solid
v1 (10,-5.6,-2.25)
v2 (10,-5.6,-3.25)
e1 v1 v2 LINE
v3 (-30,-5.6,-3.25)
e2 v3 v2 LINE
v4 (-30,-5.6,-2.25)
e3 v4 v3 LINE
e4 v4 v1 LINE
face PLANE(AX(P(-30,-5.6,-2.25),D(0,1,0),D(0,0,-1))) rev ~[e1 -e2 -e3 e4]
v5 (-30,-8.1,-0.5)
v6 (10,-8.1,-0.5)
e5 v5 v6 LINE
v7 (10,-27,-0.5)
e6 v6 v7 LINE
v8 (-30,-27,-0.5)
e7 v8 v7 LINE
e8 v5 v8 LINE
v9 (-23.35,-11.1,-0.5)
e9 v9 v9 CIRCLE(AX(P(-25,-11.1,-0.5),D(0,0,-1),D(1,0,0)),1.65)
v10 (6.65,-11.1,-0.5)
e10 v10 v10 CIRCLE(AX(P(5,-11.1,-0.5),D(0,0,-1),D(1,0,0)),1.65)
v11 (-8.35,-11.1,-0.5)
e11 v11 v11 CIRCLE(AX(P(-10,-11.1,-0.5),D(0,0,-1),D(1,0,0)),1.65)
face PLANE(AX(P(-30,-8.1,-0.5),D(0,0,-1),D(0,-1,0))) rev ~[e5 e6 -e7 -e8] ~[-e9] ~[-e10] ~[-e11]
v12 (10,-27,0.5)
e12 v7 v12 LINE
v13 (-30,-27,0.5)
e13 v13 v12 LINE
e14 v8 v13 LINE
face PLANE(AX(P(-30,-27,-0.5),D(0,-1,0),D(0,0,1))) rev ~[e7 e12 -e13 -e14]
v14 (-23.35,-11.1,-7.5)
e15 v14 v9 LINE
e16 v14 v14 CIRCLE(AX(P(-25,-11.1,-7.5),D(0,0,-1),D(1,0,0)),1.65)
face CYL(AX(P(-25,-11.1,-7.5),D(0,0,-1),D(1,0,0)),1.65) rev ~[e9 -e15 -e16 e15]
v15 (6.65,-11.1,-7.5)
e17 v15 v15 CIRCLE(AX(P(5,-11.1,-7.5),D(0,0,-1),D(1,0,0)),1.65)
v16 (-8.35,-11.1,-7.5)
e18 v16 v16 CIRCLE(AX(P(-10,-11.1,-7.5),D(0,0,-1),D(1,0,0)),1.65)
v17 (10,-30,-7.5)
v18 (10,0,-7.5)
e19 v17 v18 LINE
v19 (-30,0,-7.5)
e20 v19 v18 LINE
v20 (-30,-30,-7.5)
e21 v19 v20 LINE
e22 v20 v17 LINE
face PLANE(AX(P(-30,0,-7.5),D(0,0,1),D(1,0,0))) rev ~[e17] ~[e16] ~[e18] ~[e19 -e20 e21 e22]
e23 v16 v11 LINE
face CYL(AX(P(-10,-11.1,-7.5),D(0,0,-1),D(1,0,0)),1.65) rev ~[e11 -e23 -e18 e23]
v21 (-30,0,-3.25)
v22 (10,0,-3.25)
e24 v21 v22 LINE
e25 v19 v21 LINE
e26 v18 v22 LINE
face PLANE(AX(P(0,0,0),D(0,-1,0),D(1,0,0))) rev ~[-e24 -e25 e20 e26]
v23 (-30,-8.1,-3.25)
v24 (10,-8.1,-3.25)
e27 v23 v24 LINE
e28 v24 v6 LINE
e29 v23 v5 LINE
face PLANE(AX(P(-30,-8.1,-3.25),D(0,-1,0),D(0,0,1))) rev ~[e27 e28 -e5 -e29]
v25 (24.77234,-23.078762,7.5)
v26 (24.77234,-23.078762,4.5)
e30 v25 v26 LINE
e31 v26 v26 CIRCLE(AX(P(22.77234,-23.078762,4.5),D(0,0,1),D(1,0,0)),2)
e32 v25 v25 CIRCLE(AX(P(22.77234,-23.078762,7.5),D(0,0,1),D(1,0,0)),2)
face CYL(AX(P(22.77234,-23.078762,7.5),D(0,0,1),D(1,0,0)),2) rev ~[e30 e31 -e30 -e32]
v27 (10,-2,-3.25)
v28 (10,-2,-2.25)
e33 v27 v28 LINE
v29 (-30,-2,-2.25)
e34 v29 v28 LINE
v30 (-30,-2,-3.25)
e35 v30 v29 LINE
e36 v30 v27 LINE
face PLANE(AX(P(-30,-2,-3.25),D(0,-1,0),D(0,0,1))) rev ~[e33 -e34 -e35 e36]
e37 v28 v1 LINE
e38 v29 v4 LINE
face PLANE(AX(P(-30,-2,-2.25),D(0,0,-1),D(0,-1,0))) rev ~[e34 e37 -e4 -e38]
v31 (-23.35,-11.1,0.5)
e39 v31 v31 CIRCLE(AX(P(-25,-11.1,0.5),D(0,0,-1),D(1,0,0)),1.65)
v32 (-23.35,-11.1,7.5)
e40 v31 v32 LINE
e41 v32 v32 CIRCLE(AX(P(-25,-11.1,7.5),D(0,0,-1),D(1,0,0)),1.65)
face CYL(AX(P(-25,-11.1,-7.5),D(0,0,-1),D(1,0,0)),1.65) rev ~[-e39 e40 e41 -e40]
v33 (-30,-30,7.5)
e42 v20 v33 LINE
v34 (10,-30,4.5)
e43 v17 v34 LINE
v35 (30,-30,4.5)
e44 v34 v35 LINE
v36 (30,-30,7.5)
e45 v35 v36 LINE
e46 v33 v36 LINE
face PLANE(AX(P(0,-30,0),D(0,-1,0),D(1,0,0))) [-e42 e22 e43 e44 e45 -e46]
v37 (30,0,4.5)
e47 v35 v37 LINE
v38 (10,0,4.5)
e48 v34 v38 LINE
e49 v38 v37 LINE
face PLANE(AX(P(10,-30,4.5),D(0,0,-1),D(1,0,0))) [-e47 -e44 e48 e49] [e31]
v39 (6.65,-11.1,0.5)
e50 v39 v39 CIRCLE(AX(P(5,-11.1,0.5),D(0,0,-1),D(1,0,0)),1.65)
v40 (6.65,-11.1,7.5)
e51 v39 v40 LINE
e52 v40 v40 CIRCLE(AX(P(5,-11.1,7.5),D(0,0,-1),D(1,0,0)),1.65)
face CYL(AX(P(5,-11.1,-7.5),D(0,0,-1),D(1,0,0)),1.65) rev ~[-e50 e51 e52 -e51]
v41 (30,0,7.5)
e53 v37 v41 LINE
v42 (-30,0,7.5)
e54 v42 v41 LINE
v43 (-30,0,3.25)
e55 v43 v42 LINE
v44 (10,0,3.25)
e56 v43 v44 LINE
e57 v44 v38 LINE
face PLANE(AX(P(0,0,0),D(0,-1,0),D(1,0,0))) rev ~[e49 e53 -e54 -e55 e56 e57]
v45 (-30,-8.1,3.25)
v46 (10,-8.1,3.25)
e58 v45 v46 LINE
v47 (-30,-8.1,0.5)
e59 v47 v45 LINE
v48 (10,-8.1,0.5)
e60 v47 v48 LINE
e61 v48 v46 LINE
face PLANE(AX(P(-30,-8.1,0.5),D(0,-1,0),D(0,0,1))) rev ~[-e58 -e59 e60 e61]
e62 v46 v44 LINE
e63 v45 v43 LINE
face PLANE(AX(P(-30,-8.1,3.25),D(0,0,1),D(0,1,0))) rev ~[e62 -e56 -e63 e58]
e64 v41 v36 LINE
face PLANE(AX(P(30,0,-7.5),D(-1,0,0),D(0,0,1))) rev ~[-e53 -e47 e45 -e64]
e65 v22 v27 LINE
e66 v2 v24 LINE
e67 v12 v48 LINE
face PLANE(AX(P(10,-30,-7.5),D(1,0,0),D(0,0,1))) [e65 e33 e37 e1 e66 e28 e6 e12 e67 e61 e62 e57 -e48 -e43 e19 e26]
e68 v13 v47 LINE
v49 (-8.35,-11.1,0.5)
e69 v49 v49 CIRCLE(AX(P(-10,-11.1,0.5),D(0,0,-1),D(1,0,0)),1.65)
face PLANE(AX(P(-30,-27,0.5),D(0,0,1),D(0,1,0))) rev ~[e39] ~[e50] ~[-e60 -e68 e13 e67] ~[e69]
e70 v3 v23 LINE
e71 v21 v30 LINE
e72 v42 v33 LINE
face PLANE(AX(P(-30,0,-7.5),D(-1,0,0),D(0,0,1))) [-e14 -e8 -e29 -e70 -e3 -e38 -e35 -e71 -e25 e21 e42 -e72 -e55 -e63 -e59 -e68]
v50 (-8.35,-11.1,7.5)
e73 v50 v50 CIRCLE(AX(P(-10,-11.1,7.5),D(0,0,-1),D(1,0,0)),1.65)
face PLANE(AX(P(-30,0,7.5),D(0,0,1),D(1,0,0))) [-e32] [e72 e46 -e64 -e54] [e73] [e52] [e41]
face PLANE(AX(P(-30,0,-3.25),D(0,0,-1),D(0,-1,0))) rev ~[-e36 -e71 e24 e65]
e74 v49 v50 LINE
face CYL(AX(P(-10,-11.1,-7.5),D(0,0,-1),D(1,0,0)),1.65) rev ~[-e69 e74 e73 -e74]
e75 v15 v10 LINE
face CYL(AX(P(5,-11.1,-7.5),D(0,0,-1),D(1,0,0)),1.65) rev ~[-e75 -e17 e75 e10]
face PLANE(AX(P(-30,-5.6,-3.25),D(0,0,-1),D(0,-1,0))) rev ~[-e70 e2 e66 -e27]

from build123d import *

# Parameters (mm, degrees)
F0_W     = 60
F0_H     = 15
F1_DEPTH = 30
F3_DEPTH = 60.001
F4_W     = 20
F4_H     = 12
F5_DEPTH = 30.001
F6_R     = 1.65
F7_DEPTH = 15.001
F8_R     = 2
F9_DEPTH = 15.001


with BuildPart() as f1:
    # F0 (on Front) → F1 (new body)
    with BuildSketch(Plane.XZ):
        Rectangle(F0_W, F0_H)
    extrude(amount=F1_DEPTH)

    # F2 (on face) → F3 (cut, through all)
    with BuildSketch(Plane(origin=(-30, 0, 0), x_dir=(0, -1, 0), z_dir=(-1, 0, 0))):
        Polygon((8.1, 3.25), (0, 3.25), (0, -3.25), (2, -3.25), (2, -2.25), (5.6, -2.25), (5.6, -3.25), (8.1, -3.25), (8.1, -0.5), (27, -0.5), (27, 0.5), (8.1, 0.5), align=None)
    extrude(amount=-F3_DEPTH, mode=Mode.SUBTRACT)

    # F4 (on face) → F5 (cut, through all)
    with BuildSketch(Plane.XZ.offset(30)):
        with Locations((20, -1.5)):
            Rectangle(F4_W, F4_H)
    extrude(amount=-F5_DEPTH, mode=Mode.SUBTRACT)

    # F6 (on face) → F7 (cut, through all)
    with BuildSketch(Plane(origin=(0, 0, -7.5), x_dir=(1, 0, 0), z_dir=(0, 0, -1))):
        with Locations((5, 11.1)):
            Circle(F6_R)
        with Locations((-25, 11.1)):
            Circle(F6_R)
        with Locations((-10, 11.1)):
            Circle(F6_R)
    extrude(amount=-F7_DEPTH, mode=Mode.SUBTRACT)

    # F8 (on face) → F9 (cut, through all)
    with BuildSketch(Plane.XY.offset(7.5)):
        with Locations((22.77234, -23.078762)):
            Circle(F8_R)
    extrude(amount=-F9_DEPTH, mode=Mode.SUBTRACT)


solid = f1.part
